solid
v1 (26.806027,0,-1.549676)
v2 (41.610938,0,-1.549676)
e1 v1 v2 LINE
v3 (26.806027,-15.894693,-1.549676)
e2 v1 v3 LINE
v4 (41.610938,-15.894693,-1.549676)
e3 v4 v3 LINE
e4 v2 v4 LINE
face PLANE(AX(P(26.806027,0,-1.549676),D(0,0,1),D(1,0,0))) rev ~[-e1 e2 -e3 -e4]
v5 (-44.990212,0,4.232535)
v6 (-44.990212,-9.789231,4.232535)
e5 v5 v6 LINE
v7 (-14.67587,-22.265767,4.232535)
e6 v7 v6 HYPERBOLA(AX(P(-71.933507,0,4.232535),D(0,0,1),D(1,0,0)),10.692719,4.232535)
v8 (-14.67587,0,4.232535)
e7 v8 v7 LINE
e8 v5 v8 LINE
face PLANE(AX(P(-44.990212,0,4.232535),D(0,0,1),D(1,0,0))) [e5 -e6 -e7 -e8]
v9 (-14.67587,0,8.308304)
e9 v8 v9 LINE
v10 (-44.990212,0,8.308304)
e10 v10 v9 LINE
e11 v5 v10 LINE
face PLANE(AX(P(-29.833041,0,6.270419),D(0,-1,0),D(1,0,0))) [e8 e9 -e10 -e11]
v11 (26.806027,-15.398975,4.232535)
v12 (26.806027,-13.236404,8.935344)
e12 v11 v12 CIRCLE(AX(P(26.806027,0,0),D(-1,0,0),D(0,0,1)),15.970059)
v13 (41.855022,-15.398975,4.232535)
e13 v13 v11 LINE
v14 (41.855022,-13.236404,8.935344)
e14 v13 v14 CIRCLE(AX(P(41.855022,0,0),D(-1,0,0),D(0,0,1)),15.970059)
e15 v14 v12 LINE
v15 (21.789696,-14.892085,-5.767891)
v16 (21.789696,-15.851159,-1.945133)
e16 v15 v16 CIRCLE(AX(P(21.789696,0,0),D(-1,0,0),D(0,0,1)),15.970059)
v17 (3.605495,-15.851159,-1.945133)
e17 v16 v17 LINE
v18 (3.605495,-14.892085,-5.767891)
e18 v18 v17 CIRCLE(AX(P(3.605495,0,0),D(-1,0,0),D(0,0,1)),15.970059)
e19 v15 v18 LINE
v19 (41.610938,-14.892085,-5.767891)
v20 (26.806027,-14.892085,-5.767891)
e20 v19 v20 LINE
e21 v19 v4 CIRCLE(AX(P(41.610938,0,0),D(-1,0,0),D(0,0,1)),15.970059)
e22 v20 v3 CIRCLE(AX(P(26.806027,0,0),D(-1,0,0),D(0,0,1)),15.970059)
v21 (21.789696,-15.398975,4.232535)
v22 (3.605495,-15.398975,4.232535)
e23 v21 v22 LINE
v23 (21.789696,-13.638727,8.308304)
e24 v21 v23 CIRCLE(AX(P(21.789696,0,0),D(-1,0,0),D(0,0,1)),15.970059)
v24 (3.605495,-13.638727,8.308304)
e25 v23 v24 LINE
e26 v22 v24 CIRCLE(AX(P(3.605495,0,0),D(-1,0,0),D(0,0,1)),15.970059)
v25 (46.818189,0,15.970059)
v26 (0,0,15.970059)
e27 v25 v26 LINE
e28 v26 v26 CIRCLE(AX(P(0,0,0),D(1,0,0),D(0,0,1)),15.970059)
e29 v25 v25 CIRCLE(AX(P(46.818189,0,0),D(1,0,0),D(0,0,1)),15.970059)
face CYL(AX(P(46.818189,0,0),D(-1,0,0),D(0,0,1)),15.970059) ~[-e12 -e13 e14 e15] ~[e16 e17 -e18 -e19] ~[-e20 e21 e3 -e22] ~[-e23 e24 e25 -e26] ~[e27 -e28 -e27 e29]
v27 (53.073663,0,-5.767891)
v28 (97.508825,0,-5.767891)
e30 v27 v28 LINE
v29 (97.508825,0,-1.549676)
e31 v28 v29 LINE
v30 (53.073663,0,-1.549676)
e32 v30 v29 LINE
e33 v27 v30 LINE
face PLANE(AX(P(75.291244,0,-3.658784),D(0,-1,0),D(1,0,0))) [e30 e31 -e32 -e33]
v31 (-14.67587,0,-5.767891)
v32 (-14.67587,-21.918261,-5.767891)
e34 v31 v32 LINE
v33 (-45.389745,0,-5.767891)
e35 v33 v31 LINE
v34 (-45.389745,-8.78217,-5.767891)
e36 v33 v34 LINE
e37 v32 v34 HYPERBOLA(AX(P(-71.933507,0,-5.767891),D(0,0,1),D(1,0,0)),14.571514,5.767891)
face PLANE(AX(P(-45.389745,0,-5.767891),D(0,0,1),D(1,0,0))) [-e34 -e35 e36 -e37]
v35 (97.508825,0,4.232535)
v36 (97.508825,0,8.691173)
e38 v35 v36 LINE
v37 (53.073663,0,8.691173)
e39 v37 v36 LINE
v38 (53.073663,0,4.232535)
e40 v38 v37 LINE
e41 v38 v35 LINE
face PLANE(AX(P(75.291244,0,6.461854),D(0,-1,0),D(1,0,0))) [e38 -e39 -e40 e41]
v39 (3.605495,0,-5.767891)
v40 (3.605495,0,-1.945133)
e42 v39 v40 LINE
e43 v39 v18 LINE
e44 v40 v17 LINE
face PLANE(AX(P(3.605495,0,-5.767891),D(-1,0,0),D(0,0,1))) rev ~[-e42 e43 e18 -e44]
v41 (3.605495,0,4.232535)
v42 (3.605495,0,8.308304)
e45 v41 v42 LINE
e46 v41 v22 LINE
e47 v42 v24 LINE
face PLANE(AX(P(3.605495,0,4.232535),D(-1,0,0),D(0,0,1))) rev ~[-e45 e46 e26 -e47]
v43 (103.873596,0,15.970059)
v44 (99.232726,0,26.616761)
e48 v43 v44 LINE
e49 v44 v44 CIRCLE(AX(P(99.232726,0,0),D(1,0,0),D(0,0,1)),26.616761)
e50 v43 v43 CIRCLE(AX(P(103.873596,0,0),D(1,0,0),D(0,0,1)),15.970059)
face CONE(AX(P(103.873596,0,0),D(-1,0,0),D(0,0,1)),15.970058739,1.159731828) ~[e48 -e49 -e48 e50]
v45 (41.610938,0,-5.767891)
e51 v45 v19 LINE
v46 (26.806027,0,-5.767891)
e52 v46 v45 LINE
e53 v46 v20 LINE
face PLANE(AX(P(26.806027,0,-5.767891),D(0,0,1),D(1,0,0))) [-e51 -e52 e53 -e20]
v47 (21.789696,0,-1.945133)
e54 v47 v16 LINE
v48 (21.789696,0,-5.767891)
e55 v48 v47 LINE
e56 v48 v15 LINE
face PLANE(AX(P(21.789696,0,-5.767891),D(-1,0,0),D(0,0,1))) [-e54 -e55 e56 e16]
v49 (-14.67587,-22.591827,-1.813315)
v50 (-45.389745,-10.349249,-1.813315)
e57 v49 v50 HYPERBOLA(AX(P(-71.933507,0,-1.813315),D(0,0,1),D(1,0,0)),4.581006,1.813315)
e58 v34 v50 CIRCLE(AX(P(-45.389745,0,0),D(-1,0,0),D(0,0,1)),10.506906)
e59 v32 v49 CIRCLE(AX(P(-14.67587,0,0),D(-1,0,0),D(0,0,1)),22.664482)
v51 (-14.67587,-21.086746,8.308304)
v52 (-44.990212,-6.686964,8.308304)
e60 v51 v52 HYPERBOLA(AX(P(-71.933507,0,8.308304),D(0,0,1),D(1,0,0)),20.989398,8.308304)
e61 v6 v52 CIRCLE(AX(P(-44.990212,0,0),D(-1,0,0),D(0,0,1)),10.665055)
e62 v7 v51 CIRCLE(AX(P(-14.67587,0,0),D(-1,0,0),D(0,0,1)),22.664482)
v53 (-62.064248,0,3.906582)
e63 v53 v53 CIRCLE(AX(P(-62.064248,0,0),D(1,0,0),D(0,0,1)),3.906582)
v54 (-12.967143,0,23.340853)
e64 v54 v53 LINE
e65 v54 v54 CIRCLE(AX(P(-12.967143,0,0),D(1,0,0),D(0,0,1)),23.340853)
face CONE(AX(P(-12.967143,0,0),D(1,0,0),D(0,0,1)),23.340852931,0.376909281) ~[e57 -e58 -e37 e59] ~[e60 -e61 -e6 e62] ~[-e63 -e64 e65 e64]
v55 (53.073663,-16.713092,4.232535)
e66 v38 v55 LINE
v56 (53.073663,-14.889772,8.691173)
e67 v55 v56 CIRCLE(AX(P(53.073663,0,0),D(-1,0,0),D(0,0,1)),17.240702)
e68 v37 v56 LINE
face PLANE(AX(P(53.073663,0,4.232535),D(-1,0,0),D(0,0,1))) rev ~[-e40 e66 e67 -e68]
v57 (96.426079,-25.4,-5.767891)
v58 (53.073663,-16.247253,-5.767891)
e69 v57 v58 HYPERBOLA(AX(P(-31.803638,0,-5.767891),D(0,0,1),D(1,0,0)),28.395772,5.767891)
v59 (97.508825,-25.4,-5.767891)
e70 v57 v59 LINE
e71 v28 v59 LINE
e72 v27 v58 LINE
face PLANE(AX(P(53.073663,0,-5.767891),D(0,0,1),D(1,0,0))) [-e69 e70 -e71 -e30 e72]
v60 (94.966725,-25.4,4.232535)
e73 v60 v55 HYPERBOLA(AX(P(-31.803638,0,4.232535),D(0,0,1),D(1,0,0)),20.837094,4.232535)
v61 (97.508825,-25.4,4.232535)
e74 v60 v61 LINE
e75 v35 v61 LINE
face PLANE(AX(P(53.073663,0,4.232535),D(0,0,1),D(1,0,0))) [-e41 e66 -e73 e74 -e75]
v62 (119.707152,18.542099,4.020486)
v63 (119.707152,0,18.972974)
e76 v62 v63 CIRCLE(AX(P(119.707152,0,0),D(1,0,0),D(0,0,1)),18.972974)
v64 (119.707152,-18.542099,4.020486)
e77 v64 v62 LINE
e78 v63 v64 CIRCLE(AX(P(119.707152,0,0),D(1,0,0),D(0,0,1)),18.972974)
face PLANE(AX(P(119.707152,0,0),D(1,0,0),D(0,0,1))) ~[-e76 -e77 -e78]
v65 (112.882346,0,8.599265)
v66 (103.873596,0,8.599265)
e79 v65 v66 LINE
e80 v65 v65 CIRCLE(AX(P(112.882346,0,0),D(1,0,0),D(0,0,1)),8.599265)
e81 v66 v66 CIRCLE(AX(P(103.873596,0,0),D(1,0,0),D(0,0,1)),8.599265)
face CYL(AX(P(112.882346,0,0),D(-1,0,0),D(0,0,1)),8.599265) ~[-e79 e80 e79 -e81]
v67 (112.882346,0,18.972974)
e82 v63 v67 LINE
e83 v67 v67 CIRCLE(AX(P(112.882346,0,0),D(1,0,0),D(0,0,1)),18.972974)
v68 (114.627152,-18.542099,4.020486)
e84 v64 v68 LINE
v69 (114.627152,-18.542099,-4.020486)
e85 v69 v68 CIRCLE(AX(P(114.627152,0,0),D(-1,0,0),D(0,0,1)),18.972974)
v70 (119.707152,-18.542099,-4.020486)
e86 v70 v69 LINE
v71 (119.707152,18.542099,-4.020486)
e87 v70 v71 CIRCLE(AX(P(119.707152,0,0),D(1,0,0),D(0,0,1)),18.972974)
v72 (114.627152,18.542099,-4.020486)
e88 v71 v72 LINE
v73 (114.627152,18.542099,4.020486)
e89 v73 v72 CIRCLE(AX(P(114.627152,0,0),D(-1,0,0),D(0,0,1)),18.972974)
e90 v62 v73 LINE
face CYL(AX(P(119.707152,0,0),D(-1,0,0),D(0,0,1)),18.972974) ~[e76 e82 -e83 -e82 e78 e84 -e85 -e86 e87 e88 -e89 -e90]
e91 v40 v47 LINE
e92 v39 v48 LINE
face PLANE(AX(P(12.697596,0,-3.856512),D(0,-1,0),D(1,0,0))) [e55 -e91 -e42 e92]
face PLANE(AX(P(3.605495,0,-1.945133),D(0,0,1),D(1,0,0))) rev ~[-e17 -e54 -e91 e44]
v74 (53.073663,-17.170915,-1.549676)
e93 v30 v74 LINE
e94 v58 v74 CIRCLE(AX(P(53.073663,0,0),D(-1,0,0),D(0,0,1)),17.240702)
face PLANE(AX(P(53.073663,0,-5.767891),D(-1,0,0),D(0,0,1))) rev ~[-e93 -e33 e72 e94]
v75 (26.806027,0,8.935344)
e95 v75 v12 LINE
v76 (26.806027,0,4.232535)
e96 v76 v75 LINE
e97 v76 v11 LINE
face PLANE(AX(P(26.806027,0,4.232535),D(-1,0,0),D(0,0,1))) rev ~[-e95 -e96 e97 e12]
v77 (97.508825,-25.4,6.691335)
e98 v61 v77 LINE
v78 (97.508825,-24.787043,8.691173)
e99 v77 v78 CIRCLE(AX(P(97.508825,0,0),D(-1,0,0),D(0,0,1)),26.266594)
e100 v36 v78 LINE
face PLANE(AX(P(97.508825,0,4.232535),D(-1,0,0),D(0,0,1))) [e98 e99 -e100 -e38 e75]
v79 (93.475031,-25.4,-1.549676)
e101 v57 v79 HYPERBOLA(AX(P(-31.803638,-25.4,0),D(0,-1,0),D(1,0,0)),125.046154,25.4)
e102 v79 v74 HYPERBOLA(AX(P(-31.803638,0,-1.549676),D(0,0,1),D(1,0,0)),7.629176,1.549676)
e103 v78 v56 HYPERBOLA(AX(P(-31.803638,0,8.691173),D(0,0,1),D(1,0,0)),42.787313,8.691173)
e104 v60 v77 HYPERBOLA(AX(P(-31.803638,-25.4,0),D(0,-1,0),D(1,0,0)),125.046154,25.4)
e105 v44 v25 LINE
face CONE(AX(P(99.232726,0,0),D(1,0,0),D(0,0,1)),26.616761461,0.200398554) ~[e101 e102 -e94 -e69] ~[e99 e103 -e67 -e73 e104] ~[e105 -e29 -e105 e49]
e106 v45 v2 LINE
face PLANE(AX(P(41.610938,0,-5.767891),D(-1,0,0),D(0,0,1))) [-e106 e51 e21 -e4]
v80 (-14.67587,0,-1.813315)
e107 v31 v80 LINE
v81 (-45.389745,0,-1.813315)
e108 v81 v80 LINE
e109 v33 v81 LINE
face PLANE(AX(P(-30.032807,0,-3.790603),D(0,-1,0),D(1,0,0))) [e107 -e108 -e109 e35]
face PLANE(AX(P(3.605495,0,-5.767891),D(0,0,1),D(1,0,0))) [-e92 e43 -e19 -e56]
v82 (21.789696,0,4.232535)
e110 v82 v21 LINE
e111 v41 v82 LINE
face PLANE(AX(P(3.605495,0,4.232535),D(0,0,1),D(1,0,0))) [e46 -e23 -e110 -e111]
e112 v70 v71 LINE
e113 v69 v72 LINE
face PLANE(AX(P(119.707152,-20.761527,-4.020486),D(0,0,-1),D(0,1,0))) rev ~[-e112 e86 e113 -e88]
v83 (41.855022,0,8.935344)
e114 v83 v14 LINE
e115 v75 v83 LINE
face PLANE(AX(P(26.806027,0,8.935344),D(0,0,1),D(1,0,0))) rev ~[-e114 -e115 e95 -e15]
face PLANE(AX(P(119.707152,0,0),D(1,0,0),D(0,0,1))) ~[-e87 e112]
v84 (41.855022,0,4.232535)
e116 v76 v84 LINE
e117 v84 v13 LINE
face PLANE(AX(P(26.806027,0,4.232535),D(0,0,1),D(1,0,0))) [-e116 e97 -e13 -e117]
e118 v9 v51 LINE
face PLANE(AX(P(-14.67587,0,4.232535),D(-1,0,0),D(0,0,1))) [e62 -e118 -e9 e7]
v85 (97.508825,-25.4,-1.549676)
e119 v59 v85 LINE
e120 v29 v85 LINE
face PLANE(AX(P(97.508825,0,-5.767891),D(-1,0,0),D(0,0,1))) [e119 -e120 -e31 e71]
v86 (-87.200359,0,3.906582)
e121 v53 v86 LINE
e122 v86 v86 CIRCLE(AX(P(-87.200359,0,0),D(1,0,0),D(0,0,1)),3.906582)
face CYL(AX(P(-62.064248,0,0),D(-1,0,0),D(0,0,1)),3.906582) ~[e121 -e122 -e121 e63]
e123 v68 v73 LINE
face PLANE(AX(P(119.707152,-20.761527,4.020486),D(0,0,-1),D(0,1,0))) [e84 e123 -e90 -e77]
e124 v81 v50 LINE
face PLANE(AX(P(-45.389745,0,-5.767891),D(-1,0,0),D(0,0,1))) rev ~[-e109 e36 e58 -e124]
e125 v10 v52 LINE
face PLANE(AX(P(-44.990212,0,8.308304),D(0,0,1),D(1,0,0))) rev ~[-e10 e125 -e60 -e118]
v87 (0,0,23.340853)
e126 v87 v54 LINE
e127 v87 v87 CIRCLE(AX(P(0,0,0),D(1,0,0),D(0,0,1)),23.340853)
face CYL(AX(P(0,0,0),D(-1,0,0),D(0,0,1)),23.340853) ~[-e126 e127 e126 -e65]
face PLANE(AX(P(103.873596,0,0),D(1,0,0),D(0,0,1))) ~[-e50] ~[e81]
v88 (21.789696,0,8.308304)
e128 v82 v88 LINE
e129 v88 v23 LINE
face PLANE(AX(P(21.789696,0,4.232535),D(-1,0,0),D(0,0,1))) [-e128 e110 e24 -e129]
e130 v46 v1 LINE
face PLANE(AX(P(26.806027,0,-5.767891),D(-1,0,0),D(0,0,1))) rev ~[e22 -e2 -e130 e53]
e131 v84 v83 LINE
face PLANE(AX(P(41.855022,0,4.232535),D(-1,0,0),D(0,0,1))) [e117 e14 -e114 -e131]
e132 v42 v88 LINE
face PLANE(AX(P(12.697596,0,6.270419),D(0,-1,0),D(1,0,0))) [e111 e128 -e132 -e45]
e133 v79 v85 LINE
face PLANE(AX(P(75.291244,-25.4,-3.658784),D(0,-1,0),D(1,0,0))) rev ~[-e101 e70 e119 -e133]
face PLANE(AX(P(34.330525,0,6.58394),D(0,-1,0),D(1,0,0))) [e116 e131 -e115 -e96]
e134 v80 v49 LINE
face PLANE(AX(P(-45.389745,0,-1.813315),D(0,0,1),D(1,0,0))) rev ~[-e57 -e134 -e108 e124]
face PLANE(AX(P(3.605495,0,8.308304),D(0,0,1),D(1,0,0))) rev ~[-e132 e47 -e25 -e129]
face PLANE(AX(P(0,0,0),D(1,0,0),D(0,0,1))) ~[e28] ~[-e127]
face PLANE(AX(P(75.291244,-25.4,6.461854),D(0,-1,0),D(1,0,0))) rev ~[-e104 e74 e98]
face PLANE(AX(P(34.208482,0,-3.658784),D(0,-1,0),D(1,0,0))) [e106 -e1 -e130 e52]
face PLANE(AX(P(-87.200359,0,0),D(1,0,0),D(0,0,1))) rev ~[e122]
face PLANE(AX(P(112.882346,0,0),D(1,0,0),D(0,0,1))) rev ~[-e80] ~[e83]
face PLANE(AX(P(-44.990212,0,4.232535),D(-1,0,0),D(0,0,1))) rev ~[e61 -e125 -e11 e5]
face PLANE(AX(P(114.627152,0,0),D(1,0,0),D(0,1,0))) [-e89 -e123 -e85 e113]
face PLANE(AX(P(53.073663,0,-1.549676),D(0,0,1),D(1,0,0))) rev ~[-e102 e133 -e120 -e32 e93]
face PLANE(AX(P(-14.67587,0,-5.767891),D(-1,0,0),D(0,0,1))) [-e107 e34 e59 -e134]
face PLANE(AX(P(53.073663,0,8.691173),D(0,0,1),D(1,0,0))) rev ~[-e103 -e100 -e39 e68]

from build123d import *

# Parameters (mm, degrees)
F2_W     = 30.3143421188
F2_H     = 4.0757688694
F2_W_2   = 18.1842008606
F2_W_3   = 15.0489956141
F2_H_2   = 4.7028097324
F2_W_4   = 44.4351620972
F2_H_3   = 4.4586383738
F2_W_5   = 30.713875778
F2_H_4   = 3.954576212
F2_H_5   = 3.8227577461
F2_W_6   = 14.8049108684
F2_H_6   = 4.21821489
F3_DEPTH = 25.4
F4_W     = 41.5230542421
F4_H     = 8.040972054
F5_DEPTH = 5.08


with BuildPart() as f1:
    # F0 (on Front) → F1 (revolve)
    with BuildSketch(Plane.XZ):
        Polygon((-62.0642483835, 3.9065815508), (-87.20035851, 3.9065815508), (-87.20035851, 0), (119.7071522474, 0), (119.7071522474, 18.9729742706), (112.8823459148, 18.9729742706), (112.8823459148, 8.5992645472), (103.8735955954, 8.5992645472), (103.8735955954, 15.9700587392), (99.2327257991, 26.6167614609), (46.8181893229, 15.9700587392), (0, 15.9700587392), (0, 23.3408529311), (-12.9671432078, 23.3408529311), align=None)
    revolve(axis=Axis((16.2533968687, 0, 0), (1, 0, 0)))

    # F2 (on Front) → F3 (cut)
    with BuildSketch(Plane.XZ):
        with Locations((-29.8330406658, 6.2704191078)):
            Rectangle(F2_W, F2_H)
        with Locations((12.6975956373, 6.2704191078)):
            Rectangle(F2_W_2, F2_H)
        with Locations((34.3305245042, 6.5839395393)):
            Rectangle(F2_W_3, F2_H_2)
        with Locations((75.2912443131, 6.4618538599)):
            Rectangle(F2_W_4, F2_H_3)
        with Locations((-30.0328074954, -3.7906030775)):
            Rectangle(F2_W_5, F2_H_4)
        with Locations((12.6975956373, -3.8565123104)):
            Rectangle(F2_W_2, F2_H_5)
        with Locations((34.2084821314, -3.6587837385)):
            Rectangle(F2_W_6, F2_H_6)
        with Locations((75.2912443131, -3.6587837385)):
            Rectangle(F2_W_4, F2_H_6)
    extrude(amount=F3_DEPTH, mode=Mode.SUBTRACT)

    # F4 (on face) → F5 (cut)
    with BuildSketch(Plane.YZ.offset(119.7071522474)):
        Rectangle(F4_W, F4_H)
    extrude(amount=-F5_DEPTH, mode=Mode.SUBTRACT)


solid = f1.part
